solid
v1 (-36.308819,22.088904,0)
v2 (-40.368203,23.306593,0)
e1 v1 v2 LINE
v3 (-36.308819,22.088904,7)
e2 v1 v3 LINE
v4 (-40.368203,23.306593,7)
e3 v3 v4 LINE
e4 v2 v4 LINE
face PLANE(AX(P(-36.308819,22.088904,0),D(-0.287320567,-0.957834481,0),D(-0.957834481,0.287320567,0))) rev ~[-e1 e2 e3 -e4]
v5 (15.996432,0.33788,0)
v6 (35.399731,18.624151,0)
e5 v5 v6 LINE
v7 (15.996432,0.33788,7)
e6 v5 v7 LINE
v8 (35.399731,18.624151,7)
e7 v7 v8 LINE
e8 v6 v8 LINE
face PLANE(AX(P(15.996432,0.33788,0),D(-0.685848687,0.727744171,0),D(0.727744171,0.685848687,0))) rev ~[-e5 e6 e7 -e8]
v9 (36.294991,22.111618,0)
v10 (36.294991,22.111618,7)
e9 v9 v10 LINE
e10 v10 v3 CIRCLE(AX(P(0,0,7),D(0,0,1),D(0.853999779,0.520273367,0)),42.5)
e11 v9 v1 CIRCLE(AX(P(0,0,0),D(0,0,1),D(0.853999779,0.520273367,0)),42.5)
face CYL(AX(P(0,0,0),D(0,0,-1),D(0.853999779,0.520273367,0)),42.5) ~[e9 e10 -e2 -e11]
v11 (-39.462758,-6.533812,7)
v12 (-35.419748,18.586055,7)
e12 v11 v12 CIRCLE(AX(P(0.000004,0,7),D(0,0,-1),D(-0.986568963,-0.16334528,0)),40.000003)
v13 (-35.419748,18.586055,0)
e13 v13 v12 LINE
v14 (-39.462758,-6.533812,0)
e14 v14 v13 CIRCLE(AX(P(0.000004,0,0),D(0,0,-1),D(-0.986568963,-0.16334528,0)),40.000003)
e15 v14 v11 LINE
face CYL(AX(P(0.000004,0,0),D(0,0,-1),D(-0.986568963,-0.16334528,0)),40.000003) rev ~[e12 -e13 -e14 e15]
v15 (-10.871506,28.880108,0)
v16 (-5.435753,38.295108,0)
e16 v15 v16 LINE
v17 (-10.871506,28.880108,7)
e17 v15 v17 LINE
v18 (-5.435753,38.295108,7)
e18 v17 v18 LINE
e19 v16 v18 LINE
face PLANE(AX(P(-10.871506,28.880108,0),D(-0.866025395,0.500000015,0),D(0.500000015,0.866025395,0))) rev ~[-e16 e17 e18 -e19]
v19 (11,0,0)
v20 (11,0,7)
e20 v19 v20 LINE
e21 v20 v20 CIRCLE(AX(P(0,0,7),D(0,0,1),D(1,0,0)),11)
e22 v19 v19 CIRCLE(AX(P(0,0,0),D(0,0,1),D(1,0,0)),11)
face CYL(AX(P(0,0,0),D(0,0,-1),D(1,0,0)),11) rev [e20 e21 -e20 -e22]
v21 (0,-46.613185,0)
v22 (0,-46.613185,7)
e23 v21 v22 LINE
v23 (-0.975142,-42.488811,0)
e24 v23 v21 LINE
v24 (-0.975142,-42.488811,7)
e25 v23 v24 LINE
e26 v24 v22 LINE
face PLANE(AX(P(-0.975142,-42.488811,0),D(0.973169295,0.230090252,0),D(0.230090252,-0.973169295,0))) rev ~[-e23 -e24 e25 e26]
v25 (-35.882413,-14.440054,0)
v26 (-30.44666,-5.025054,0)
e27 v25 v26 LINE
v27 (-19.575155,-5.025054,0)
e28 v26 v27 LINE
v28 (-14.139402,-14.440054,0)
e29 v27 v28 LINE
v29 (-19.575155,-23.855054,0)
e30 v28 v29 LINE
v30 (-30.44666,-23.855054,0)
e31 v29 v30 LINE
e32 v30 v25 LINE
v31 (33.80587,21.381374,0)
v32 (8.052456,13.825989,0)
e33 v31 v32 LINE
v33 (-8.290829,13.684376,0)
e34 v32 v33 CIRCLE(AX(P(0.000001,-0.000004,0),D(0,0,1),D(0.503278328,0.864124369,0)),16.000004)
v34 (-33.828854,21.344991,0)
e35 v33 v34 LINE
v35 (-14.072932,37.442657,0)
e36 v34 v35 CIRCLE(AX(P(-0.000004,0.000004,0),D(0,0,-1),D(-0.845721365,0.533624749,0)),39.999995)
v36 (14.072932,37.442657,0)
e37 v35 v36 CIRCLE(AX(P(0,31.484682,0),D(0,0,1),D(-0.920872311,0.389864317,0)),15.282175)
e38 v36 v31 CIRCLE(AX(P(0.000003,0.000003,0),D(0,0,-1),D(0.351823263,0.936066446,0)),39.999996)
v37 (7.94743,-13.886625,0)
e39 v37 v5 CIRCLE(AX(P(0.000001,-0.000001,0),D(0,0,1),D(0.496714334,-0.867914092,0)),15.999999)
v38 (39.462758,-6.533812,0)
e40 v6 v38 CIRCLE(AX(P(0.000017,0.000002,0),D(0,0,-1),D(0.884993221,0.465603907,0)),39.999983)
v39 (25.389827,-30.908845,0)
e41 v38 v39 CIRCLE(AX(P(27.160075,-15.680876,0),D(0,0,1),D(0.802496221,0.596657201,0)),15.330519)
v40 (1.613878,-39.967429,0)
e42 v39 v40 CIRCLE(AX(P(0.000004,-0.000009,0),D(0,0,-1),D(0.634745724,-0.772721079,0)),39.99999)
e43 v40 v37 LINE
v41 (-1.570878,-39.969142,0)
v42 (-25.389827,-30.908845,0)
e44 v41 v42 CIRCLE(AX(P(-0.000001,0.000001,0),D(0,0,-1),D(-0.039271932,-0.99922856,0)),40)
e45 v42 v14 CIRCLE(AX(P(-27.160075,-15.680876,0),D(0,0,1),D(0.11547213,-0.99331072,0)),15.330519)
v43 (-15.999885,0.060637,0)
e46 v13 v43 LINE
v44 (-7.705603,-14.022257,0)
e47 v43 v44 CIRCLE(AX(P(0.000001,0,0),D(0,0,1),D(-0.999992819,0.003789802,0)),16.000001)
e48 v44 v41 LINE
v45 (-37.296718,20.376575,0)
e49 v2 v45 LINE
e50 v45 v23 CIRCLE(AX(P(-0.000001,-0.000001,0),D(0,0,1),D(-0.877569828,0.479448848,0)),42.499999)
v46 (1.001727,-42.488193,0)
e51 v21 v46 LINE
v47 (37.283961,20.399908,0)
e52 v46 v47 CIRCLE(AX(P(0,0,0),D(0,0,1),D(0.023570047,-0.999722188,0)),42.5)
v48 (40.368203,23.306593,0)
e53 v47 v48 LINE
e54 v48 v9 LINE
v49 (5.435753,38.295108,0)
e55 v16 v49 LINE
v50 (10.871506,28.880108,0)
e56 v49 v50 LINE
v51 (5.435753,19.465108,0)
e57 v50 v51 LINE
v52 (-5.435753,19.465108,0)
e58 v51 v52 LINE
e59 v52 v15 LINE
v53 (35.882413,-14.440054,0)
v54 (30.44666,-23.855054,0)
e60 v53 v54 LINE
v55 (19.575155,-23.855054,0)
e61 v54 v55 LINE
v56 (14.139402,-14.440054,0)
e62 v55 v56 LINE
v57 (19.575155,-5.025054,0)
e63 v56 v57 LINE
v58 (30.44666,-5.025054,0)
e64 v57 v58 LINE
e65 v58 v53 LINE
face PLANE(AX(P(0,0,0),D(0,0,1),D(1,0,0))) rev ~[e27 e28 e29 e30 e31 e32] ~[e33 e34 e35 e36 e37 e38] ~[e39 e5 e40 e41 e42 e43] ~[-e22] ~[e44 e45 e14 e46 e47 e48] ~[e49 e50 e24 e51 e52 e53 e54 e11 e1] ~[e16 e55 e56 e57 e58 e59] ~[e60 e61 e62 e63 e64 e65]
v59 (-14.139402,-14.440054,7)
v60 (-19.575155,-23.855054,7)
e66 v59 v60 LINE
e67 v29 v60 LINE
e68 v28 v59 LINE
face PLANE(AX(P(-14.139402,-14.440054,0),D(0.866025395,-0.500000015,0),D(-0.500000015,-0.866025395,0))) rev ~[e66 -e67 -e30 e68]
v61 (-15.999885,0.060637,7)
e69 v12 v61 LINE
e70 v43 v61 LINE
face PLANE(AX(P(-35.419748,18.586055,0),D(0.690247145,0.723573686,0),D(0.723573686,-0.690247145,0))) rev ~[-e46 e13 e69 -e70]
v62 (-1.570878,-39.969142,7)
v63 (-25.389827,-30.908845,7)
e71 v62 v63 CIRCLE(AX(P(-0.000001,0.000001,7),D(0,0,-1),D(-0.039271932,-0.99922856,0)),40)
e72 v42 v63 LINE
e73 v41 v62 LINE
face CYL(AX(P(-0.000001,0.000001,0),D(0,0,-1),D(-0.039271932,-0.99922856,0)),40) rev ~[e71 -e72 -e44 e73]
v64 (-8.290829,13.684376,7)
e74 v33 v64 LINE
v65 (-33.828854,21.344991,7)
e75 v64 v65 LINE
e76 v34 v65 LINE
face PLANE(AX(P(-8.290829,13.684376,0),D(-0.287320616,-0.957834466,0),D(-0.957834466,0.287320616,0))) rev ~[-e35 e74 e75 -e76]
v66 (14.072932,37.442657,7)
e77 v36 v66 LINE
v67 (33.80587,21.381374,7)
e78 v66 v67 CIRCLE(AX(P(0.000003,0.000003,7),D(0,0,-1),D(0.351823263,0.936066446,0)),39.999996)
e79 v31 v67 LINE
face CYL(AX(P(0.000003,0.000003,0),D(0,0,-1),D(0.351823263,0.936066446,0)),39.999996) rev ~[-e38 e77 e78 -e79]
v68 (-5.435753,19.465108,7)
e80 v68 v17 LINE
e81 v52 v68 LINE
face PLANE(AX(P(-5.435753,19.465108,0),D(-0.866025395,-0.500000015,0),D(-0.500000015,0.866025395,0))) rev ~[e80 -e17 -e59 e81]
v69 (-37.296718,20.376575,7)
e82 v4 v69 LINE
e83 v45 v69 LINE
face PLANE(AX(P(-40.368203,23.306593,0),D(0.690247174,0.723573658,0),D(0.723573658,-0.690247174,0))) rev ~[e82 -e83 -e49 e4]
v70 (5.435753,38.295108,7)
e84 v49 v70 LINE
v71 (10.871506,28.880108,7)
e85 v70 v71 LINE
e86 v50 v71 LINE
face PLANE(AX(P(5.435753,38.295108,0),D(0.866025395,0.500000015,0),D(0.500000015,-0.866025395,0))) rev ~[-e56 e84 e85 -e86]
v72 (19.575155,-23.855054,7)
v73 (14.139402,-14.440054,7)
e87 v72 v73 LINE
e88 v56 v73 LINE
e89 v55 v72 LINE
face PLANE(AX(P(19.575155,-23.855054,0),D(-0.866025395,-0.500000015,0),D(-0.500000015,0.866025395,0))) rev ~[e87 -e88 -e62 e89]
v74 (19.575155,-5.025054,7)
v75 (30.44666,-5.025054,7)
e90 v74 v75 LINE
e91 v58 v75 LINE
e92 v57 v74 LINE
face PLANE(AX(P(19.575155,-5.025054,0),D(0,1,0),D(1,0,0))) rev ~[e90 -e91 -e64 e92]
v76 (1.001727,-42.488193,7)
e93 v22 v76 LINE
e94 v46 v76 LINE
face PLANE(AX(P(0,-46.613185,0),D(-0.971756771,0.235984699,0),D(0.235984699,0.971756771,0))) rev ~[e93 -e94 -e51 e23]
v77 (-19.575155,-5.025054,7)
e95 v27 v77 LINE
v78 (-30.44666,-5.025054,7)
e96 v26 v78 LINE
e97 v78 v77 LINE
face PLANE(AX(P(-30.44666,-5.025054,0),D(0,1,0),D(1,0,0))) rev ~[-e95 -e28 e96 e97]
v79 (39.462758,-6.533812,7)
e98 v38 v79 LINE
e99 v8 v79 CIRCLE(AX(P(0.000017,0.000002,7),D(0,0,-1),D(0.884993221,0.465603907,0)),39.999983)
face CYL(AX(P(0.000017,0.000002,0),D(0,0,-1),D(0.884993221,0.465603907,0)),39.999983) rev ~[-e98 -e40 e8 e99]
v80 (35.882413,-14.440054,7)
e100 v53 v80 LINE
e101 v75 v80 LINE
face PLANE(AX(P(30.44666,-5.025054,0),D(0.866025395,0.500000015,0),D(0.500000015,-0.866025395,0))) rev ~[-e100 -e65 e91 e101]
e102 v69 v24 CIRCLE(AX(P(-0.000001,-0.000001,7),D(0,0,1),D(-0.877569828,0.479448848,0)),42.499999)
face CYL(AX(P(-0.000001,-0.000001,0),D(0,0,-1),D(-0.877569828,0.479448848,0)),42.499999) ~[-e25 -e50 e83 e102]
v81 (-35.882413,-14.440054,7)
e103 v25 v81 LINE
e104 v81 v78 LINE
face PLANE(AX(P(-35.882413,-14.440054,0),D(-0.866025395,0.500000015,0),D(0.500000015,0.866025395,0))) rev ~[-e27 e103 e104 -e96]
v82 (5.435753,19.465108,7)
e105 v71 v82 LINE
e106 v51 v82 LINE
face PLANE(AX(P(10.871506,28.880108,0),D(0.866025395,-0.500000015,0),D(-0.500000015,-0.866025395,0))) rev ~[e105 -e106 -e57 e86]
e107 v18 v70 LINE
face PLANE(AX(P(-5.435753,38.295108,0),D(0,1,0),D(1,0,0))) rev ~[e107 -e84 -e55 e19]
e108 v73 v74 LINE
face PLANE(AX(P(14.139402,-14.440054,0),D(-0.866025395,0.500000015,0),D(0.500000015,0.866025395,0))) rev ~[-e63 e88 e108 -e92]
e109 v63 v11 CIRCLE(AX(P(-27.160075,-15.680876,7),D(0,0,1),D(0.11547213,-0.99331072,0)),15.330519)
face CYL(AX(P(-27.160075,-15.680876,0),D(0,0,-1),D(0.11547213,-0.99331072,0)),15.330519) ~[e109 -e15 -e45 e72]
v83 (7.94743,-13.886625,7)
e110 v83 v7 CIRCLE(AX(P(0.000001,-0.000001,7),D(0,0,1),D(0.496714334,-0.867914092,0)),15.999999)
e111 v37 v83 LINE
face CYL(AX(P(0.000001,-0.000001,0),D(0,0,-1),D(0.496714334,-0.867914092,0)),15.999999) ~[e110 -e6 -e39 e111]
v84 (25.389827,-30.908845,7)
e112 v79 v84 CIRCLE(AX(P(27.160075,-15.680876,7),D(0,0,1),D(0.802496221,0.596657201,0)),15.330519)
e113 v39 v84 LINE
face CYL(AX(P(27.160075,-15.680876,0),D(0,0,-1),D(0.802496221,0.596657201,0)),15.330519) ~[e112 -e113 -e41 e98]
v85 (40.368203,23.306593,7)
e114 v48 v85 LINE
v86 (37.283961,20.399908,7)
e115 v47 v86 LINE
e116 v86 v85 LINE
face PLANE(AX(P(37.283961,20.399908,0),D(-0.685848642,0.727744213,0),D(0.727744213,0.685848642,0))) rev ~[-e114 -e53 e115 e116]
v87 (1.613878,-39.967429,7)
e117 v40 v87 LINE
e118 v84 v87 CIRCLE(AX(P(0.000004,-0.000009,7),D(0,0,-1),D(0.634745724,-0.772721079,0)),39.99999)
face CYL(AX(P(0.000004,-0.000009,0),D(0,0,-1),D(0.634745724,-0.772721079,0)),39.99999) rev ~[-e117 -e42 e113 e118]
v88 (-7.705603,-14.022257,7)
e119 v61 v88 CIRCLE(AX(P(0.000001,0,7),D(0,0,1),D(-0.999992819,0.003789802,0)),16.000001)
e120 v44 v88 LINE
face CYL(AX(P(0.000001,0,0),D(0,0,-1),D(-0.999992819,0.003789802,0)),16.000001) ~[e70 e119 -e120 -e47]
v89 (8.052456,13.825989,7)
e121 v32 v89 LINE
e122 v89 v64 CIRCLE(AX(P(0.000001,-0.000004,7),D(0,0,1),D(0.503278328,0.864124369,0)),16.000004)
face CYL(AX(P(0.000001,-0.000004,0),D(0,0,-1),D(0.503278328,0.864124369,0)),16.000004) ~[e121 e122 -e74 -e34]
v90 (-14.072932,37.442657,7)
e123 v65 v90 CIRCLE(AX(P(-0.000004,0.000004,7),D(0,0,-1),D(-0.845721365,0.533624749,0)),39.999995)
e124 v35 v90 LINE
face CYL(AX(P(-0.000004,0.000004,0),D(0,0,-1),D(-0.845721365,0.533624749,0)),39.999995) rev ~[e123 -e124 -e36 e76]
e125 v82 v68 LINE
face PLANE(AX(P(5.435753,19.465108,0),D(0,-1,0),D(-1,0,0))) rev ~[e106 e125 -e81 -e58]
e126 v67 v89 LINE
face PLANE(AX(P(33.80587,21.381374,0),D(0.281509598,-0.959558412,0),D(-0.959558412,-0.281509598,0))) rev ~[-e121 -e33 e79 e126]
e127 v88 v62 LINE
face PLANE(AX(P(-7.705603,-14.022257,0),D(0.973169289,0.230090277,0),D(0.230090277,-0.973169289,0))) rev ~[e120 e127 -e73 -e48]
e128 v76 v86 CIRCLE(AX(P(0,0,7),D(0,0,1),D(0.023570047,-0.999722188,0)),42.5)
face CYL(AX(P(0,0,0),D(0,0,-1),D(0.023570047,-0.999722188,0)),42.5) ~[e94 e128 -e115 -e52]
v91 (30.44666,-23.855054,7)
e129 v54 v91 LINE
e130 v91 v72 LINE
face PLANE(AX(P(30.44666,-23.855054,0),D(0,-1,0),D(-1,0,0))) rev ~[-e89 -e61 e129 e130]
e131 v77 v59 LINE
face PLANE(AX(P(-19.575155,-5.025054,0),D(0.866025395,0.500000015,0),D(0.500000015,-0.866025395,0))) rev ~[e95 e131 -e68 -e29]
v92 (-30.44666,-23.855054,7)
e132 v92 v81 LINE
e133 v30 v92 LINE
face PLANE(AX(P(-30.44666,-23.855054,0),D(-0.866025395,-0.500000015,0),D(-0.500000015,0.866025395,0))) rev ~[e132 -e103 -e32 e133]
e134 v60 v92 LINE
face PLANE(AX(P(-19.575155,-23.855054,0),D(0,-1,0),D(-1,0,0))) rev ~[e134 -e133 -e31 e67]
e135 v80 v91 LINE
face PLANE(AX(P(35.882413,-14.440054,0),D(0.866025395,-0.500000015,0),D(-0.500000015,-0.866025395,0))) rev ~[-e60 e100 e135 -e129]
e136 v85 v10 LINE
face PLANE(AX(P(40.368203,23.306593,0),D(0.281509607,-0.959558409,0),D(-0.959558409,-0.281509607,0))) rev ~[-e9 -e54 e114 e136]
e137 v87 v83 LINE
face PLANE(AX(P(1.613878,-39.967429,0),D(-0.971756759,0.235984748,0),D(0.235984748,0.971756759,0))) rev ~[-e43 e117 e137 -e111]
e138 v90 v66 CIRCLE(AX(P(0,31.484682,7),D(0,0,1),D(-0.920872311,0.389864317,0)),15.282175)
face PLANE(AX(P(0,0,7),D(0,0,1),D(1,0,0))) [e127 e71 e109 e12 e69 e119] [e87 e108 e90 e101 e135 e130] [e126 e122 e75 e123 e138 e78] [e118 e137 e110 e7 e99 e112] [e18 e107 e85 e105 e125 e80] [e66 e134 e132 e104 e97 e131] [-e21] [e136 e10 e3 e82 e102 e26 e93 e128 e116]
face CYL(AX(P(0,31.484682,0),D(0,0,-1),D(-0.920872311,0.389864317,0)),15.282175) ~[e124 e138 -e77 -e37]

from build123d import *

# Parameters (mm, degrees)
F0_R     = 11
F1_DEPTH = 7


with BuildPart() as f1:
    # F0 (on Top) → F1 (new body)
    with BuildSketch(Plane.XY):
        with BuildLine():
            Line((33.80587, 21.381374), (8.052456, 13.825989))
            ThreePointArc((8.052456, 13.825989), (-0.138632, 15.999399), (-8.290829, 13.684376))
            Line((-8.290829, 13.684376), (-33.828854, 21.344991))
            Line((-33.828854, 21.344991), (-36.308819, 22.088904))
            Line((-36.308819, 22.088904), (-40.368203, 23.306593))
            Line((-40.368203, 23.306593), (-37.296718, 20.376575))
            Line((-37.296718, 20.376575), (-35.419748, 18.586055))
            Line((-35.419748, 18.586055), (-15.999885, 0.060637))
            ThreePointArc((-15.999885, 0.060637), (-13.78657, -8.119759), (-7.705603, -14.022257))
            Line((-7.705603, -14.022257), (-1.570878, -39.969142))
            Line((-1.570878, -39.969142), (-0.975142, -42.488811))
            Line((-0.975142, -42.488811), (0, -46.613185))
            Line((0, -46.613185), (1.001727, -42.488193))
            Line((1.001727, -42.488193), (1.613878, -39.967429))
            Line((1.613878, -39.967429), (7.94743, -13.886625))
            ThreePointArc((7.94743, -13.886625), (13.925203, -7.87964), (15.996432, 0.33788))
            Line((15.996432, 0.33788), (35.399731, 18.624151))
            Line((35.399731, 18.624151), (37.283961, 20.399908))
            Line((37.283961, 20.399908), (40.368203, 23.306593))
            Line((40.368203, 23.306593), (36.294991, 22.111618))
            Line((36.294991, 22.111618), (33.80587, 21.381374))
        make_face()
        Circle(F0_R, mode=Mode.SUBTRACT)
        with BuildLine():
            ThreePointArc((14.072932, 37.442657), (25.250468, 31.022796), (33.80587, 21.381374))
            Line((33.80587, 21.381374), (36.294991, 22.111618))
            ThreePointArc((36.294991, 22.111618), (-0.013296, 42.499998), (-36.308819, 22.088904))
            Line((-36.308819, 22.088904), (-33.828854, 21.344991))
            ThreePointArc((-33.828854, 21.344991), (-25.267152, 31.009209), (-14.072932, 37.442657))
            ThreePointArc((-14.072932, 37.442657), (0, 16.202507), (14.072932, 37.442657))
        make_face()
        Polygon((-10.871506, 28.880108), (-5.435753, 38.295108), (5.435753, 38.295108), (10.871506, 28.880108), (5.435753, 19.465108), (-5.435753, 19.465108), align=None, mode=Mode.SUBTRACT)
        with BuildLine():
            ThreePointArc((1.001727, -42.488193), (36.812726, -21.238484), (37.283961, 20.399908))
            Line((37.283961, 20.399908), (35.399731, 18.624151))
            ThreePointArc((35.399731, 18.624151), (39.488339, 6.377391), (39.462758, -6.533812))
            ThreePointArc((39.462758, -6.533812), (13.883456, -8.015617), (25.389827, -30.908845))
            ThreePointArc((25.389827, -30.908845), (14.241296, -37.378945), (1.613878, -39.967429))
            Line((1.613878, -39.967429), (1.001727, -42.488193))
        make_face()
        Polygon((19.575155, -5.025054), (30.44666, -5.025054), (35.882413, -14.440054), (30.44666, -23.855054), (19.575155, -23.855054), (14.139402, -14.440054), align=None, mode=Mode.SUBTRACT)
        with BuildLine():
            Line((-35.419748, 18.586055), (-37.296718, 20.376575))
            ThreePointArc((-37.296718, 20.376575), (-36.79943, -21.261514), (-0.975142, -42.488811))
            Line((-0.975142, -42.488811), (-1.570878, -39.969142))
            ThreePointArc((-1.570878, -39.969142), (-14.221186, -37.3866), (-25.389827, -30.908845))
            ThreePointArc((-25.389827, -30.908845), (-13.883456, -8.015617), (-39.462758, -6.533812))
            ThreePointArc((-39.462758, -6.533812), (-39.491763, 6.356148), (-35.419748, 18.586055))
        make_face()
        Polygon((-14.139402, -14.440054), (-19.575155, -23.855054), (-30.44666, -23.855054), (-35.882413, -14.440054), (-30.44666, -5.025054), (-19.575155, -5.025054), align=None, mode=Mode.SUBTRACT)
    extrude(amount=F1_DEPTH)


solid = f1.part
